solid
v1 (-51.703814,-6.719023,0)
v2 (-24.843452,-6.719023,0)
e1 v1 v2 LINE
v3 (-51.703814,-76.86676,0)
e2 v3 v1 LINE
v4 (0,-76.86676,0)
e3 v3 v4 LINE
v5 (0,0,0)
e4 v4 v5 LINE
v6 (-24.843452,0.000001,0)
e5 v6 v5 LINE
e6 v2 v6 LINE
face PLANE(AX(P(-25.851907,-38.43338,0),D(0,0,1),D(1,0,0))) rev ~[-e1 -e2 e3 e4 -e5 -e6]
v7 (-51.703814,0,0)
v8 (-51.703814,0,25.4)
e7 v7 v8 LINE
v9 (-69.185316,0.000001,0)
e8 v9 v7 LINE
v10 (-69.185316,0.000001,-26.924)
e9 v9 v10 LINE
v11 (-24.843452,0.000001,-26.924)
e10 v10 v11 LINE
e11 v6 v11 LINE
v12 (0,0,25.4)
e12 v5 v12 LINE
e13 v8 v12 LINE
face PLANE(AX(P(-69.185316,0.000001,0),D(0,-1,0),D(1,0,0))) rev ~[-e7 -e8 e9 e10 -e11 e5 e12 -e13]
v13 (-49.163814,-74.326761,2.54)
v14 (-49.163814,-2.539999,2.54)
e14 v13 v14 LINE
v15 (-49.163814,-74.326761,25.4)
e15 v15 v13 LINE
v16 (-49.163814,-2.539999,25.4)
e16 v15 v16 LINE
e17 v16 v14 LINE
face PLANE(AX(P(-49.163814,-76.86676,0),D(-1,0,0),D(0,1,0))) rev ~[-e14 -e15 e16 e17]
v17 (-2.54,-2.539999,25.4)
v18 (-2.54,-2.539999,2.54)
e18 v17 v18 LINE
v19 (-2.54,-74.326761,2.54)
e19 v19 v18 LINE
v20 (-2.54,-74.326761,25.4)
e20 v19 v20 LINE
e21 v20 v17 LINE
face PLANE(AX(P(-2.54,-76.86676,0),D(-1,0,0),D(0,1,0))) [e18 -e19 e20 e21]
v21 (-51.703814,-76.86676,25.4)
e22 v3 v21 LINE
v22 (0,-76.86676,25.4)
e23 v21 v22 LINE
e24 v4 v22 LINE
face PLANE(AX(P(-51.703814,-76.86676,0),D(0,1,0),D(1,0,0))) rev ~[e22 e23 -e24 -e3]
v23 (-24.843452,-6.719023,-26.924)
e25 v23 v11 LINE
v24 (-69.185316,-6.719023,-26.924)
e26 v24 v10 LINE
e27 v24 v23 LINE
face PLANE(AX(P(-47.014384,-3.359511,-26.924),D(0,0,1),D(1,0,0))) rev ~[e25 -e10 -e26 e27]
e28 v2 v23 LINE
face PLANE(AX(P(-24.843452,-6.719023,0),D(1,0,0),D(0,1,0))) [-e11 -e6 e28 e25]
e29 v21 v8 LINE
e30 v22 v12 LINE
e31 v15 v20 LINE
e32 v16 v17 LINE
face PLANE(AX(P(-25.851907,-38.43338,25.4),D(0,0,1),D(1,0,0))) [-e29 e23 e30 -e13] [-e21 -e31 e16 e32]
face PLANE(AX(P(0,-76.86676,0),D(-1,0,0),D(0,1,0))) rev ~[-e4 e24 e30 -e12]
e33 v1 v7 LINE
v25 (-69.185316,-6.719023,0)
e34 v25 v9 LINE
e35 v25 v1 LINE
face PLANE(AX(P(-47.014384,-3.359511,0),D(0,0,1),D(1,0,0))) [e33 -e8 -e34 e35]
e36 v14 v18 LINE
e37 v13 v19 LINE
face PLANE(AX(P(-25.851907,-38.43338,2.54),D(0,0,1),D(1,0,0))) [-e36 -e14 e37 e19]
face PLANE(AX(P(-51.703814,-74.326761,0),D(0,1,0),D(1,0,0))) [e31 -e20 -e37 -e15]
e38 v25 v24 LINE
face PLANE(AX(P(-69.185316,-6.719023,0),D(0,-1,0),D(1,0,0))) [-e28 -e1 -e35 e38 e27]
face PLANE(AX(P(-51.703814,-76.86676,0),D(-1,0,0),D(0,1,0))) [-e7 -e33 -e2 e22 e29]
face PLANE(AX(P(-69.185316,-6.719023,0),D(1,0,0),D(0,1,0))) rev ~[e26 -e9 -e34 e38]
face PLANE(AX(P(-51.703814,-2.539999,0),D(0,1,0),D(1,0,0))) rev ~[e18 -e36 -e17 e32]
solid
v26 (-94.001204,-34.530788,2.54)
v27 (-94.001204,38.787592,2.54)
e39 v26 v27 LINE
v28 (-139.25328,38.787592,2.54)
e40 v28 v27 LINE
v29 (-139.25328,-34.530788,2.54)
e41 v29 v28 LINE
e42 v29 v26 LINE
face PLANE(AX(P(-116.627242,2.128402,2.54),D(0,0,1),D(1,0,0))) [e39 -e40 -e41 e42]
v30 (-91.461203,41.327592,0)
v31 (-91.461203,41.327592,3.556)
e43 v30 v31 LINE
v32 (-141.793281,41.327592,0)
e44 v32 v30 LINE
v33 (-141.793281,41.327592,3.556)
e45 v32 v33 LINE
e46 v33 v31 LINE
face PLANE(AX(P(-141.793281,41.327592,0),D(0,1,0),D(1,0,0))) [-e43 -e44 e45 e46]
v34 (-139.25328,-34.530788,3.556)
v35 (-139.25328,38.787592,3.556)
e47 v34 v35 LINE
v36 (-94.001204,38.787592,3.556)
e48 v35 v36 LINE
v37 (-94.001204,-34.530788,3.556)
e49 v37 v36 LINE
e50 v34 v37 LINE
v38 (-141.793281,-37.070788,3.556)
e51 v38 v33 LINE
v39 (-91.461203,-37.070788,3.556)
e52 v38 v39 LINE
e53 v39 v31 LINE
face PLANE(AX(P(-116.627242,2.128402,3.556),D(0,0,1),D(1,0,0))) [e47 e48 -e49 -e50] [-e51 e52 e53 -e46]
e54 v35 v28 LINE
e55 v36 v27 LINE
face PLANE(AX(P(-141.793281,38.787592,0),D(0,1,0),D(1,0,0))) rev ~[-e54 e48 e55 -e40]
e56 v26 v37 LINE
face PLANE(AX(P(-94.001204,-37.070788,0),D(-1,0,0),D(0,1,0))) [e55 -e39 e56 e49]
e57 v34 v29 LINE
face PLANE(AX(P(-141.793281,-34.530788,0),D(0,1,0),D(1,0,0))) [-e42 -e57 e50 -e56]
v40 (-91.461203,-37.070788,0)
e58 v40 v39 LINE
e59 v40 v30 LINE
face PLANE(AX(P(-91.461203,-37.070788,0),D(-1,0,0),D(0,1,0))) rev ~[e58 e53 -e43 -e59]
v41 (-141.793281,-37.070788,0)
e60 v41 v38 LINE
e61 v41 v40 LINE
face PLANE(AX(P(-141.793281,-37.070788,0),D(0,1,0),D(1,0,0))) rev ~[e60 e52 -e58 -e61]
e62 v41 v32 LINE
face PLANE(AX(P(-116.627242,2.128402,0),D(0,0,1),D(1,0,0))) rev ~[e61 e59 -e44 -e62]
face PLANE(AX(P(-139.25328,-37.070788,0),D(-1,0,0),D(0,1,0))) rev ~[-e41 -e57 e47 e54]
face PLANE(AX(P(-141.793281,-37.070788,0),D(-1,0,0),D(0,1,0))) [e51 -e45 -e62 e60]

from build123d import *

# Parameters (mm, degrees)
F0_W     = 51.703814
F0_H     = 76.866761
F1_DEPTH = 25.4
F2_T     = -2.54
F3_W     = 50.332077
F3_H     = 78.39838
F4_DEPTH = 3.556
F5_T     = -2.54
F6_W     = 44.341865
F6_H     = 6.719023
F7_DEPTH = 26.924


with BuildPart() as f1:
    # F0 (on Top) → F1 (new body)
    with BuildSketch(Plane.XY):
        with Locations((-25.851907, -38.43338)):
            Rectangle(F0_W, F0_H)
    extrude(amount=F1_DEPTH)

    # F2
    f2_openings = [f1.faces().sort_by_distance(p)[0] for p in [
        (-25.851907, -38.43338, 25.4),
    ]]
    offset(amount=F2_T, openings=f2_openings)

    # F6 (on Top) → F7 (join)
    with BuildSketch(Plane.XY):
        with Locations((-47.014384, -3.359511)):
            Rectangle(F6_W, F6_H)
    extrude(amount=-F7_DEPTH)


with BuildPart() as f4:
    # F3 (on Top) → F4 (new body)
    with BuildSketch(Plane.XY):
        with Locations((-116.627242, 2.128402)):
            Rectangle(F3_W, F3_H)
    extrude(amount=F4_DEPTH)

    # F5
    f5_openings = [f4.faces().sort_by_distance(p)[0] for p in [
        (-116.627242, 2.128402, 3.556),
    ]]
    offset(amount=F5_T, openings=f5_openings)


solid = Compound([f1.part, f4.part])
